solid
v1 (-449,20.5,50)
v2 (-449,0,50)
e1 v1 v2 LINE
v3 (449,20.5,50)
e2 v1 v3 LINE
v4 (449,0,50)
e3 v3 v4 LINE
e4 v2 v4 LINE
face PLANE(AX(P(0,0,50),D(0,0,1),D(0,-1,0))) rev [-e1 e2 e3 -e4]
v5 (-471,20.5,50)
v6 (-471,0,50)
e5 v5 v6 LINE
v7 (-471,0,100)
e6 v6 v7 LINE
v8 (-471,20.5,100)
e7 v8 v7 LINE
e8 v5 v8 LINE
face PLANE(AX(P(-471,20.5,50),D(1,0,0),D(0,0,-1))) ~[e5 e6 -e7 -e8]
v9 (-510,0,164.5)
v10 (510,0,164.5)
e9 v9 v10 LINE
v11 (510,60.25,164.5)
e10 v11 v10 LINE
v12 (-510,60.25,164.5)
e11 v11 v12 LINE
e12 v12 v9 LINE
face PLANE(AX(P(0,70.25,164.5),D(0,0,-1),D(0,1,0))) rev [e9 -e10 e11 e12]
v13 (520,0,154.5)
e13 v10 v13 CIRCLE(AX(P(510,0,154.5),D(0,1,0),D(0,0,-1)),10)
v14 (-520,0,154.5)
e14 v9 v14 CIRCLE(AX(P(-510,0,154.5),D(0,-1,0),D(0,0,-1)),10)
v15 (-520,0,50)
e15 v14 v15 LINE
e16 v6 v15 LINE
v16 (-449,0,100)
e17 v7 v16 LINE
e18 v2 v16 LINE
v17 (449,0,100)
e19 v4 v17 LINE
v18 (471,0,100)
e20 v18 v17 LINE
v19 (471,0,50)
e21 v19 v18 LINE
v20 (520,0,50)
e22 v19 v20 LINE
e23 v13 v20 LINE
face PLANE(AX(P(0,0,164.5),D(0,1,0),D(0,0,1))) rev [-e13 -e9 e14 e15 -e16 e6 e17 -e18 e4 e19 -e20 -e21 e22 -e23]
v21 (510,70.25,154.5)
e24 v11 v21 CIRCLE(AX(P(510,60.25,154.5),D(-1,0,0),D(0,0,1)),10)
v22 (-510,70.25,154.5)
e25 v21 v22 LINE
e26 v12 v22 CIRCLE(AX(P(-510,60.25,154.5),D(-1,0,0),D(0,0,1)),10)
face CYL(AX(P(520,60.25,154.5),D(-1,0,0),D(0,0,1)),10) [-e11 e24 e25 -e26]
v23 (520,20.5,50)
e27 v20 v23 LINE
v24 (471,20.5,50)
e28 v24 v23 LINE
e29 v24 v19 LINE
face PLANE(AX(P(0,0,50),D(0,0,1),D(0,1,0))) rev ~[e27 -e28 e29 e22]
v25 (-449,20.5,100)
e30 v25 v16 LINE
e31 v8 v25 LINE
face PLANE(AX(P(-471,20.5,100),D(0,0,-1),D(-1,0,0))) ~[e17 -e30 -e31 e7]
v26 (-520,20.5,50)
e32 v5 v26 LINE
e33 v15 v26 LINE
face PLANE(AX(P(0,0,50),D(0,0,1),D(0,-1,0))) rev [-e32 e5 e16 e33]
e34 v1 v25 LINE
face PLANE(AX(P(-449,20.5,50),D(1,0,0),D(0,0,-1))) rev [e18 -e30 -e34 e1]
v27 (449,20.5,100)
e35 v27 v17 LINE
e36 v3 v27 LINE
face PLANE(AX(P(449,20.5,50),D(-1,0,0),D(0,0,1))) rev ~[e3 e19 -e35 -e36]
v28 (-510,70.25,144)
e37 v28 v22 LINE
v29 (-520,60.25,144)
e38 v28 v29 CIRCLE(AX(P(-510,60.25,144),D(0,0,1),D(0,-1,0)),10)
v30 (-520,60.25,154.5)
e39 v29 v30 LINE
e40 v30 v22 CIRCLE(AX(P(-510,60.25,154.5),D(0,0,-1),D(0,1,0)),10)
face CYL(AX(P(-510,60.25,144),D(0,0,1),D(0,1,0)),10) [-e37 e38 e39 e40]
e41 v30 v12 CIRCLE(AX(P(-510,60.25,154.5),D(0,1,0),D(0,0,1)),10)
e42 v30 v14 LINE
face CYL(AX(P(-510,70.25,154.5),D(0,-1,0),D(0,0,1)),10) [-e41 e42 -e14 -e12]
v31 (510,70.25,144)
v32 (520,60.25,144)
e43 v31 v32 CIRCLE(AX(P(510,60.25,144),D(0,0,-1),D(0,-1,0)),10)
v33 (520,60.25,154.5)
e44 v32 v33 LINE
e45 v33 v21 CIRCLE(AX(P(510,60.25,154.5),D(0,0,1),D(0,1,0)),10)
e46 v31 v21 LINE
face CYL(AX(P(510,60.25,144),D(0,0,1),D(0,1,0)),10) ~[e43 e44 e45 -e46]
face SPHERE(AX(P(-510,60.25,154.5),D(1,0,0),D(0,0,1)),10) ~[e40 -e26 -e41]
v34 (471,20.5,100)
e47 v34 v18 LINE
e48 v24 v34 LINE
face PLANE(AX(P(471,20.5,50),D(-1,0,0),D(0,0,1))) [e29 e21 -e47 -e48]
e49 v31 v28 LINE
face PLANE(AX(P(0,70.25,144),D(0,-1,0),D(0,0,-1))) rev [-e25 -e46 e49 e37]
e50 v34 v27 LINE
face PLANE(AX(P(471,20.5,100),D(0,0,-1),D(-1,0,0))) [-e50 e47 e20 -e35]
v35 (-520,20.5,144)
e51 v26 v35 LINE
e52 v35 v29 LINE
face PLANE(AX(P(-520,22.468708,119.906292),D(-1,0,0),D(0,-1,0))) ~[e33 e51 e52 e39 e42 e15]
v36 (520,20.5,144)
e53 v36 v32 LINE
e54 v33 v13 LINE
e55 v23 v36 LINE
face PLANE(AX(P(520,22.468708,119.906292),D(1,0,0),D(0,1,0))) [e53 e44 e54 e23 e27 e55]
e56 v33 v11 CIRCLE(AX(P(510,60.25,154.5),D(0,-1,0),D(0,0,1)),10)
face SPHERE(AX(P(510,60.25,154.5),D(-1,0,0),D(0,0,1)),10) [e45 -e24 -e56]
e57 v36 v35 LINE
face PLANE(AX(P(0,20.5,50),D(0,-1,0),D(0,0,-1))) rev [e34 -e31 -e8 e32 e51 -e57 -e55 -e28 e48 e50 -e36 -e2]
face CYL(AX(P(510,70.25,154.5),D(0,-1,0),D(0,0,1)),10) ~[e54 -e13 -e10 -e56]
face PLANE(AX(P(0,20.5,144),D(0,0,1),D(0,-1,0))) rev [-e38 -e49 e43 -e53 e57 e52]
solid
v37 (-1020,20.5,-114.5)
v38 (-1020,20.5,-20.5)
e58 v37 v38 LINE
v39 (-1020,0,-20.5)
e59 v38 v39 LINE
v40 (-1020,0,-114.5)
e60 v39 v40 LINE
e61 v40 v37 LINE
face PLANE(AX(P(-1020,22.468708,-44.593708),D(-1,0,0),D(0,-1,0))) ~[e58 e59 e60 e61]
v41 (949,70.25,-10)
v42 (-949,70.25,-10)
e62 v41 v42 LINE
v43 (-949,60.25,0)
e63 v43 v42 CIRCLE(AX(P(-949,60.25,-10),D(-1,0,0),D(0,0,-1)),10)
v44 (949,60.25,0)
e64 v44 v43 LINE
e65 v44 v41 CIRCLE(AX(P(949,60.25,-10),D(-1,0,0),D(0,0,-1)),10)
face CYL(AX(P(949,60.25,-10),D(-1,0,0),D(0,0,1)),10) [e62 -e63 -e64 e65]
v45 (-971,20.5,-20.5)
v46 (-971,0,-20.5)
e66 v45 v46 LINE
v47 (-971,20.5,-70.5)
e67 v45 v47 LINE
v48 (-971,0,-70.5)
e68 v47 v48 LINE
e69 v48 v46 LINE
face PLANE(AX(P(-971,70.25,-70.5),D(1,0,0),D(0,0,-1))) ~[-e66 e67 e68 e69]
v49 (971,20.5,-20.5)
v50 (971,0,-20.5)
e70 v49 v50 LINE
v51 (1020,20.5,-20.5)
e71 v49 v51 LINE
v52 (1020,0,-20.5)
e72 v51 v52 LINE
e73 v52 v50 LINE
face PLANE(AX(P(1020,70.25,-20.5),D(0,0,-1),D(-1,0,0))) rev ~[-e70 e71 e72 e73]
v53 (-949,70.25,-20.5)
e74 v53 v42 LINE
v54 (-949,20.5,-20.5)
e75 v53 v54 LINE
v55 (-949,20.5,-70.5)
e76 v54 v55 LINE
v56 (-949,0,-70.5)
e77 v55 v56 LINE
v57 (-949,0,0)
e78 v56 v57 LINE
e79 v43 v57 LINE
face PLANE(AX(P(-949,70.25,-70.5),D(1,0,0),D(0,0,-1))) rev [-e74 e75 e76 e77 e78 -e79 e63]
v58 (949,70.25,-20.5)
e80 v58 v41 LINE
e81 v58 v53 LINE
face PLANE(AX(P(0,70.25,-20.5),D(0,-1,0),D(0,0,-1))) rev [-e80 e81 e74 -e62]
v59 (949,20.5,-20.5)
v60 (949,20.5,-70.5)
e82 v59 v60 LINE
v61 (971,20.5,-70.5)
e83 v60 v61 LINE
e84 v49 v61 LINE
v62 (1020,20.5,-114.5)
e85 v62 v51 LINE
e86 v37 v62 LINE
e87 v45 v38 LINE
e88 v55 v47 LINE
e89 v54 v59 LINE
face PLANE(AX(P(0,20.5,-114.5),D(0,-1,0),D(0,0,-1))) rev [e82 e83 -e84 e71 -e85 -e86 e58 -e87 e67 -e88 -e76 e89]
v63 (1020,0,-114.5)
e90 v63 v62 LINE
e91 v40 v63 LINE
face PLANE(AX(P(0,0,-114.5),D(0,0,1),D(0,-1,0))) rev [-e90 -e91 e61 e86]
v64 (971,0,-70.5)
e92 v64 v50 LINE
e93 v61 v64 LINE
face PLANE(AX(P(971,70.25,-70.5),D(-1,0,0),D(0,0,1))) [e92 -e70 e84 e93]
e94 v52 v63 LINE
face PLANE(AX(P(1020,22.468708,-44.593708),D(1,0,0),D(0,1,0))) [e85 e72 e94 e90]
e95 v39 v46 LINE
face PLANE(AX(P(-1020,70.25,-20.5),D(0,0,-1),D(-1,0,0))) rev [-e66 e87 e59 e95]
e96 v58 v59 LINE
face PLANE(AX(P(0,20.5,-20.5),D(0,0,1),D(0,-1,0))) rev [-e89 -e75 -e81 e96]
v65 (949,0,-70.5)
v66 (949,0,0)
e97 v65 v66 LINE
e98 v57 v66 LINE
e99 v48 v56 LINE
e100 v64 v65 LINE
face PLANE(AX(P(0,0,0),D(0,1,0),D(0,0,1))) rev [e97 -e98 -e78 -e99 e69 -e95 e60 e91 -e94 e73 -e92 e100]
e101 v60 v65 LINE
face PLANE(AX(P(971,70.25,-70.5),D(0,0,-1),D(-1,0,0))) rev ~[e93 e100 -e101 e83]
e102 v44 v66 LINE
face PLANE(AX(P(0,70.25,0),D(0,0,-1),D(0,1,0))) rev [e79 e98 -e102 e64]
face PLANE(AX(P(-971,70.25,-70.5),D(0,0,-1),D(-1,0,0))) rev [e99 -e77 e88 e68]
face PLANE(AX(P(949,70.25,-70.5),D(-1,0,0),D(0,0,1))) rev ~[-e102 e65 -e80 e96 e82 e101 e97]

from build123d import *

# Parameters (mm, degrees)
F1_DEPTH = 1020
F2_W     = 22
F2_H     = 50
F3_DEPTH = 100
F5_DEPTH = 520
F6_W     = 22
F6_H     = 50
F7_DEPTH = 20.5
F9_R     = 10
F10_R    = 10


with BuildPart() as f1:
    # F0 (on Right) → F1 (new body)
    with BuildSketch(Plane.YZ):
        Polygon((70.25, 0), (0, 0), (0, -114.5), (20.5, -114.5), (20.5, -20.5), (70.25, -20.5), align=None)
    extrude(amount=F1_DEPTH)

    # F2 (on face) → F3 (cut)
    with BuildSketch(Plane(origin=(0, 70.25, 0), x_dir=(-1, 0, 0), z_dir=(0, 1, 0))):
        Polygon((-1020, 0), (-1020, -20.5), (-971, -20.5), (-949, -20.5), (-949, 0), align=None)
        with Locations((-960, -45.5)):
            Rectangle(F2_W, F2_H)
    extrude(amount=-F3_DEPTH, mode=Mode.SUBTRACT)

    # F4: F1 across plane


with BuildPart() as f1_1:
    add(f1.part)
    add(f1.part.mirror(Plane.YZ))

    # F9
    f9_edges = [f1_1.edges().sort_by_distance(p)[0] for p in [
        (0, 70.25, 0),
    ]]
    fillet(f9_edges, radius=F9_R)


with BuildPart() as f5:
    # F0 (on Right) → F5 (new body)
    with BuildSketch(Plane.YZ):
        Polygon((70.25, 164.5), (0, 164.5), (0, 50), (20.5, 50), (20.5, 144), (70.25, 144), align=None)
    extrude(amount=F5_DEPTH)

    # F6 (on face) → F7 (cut, through all)
    with BuildSketch(Plane(origin=(0, 20.5, 0), x_dir=(-1, 0, 0), z_dir=(0, 1, 0))):
        with Locations((-460, 75)):
            Rectangle(F6_W, F6_H)
    extrude(amount=-F7_DEPTH, mode=Mode.SUBTRACT)

    # F8: F5 across face


with BuildPart() as f5_1:
    add(f5.part)
    add(f5.part.mirror(Plane.YZ))

    # F10
    f10_edges = [f5_1.edges().sort_by_distance(p)[0] for p in [
        (0, 70.25, 164.5),
        (-520, 35.125, 164.5),
        (-520, 70.25, 154.25),
        (520, 35.125, 164.5),
        (520, 70.25, 154.25),
    ]]
    fillet(f10_edges, radius=F10_R)


solid = Compound([f1_1.part, f5_1.part])
